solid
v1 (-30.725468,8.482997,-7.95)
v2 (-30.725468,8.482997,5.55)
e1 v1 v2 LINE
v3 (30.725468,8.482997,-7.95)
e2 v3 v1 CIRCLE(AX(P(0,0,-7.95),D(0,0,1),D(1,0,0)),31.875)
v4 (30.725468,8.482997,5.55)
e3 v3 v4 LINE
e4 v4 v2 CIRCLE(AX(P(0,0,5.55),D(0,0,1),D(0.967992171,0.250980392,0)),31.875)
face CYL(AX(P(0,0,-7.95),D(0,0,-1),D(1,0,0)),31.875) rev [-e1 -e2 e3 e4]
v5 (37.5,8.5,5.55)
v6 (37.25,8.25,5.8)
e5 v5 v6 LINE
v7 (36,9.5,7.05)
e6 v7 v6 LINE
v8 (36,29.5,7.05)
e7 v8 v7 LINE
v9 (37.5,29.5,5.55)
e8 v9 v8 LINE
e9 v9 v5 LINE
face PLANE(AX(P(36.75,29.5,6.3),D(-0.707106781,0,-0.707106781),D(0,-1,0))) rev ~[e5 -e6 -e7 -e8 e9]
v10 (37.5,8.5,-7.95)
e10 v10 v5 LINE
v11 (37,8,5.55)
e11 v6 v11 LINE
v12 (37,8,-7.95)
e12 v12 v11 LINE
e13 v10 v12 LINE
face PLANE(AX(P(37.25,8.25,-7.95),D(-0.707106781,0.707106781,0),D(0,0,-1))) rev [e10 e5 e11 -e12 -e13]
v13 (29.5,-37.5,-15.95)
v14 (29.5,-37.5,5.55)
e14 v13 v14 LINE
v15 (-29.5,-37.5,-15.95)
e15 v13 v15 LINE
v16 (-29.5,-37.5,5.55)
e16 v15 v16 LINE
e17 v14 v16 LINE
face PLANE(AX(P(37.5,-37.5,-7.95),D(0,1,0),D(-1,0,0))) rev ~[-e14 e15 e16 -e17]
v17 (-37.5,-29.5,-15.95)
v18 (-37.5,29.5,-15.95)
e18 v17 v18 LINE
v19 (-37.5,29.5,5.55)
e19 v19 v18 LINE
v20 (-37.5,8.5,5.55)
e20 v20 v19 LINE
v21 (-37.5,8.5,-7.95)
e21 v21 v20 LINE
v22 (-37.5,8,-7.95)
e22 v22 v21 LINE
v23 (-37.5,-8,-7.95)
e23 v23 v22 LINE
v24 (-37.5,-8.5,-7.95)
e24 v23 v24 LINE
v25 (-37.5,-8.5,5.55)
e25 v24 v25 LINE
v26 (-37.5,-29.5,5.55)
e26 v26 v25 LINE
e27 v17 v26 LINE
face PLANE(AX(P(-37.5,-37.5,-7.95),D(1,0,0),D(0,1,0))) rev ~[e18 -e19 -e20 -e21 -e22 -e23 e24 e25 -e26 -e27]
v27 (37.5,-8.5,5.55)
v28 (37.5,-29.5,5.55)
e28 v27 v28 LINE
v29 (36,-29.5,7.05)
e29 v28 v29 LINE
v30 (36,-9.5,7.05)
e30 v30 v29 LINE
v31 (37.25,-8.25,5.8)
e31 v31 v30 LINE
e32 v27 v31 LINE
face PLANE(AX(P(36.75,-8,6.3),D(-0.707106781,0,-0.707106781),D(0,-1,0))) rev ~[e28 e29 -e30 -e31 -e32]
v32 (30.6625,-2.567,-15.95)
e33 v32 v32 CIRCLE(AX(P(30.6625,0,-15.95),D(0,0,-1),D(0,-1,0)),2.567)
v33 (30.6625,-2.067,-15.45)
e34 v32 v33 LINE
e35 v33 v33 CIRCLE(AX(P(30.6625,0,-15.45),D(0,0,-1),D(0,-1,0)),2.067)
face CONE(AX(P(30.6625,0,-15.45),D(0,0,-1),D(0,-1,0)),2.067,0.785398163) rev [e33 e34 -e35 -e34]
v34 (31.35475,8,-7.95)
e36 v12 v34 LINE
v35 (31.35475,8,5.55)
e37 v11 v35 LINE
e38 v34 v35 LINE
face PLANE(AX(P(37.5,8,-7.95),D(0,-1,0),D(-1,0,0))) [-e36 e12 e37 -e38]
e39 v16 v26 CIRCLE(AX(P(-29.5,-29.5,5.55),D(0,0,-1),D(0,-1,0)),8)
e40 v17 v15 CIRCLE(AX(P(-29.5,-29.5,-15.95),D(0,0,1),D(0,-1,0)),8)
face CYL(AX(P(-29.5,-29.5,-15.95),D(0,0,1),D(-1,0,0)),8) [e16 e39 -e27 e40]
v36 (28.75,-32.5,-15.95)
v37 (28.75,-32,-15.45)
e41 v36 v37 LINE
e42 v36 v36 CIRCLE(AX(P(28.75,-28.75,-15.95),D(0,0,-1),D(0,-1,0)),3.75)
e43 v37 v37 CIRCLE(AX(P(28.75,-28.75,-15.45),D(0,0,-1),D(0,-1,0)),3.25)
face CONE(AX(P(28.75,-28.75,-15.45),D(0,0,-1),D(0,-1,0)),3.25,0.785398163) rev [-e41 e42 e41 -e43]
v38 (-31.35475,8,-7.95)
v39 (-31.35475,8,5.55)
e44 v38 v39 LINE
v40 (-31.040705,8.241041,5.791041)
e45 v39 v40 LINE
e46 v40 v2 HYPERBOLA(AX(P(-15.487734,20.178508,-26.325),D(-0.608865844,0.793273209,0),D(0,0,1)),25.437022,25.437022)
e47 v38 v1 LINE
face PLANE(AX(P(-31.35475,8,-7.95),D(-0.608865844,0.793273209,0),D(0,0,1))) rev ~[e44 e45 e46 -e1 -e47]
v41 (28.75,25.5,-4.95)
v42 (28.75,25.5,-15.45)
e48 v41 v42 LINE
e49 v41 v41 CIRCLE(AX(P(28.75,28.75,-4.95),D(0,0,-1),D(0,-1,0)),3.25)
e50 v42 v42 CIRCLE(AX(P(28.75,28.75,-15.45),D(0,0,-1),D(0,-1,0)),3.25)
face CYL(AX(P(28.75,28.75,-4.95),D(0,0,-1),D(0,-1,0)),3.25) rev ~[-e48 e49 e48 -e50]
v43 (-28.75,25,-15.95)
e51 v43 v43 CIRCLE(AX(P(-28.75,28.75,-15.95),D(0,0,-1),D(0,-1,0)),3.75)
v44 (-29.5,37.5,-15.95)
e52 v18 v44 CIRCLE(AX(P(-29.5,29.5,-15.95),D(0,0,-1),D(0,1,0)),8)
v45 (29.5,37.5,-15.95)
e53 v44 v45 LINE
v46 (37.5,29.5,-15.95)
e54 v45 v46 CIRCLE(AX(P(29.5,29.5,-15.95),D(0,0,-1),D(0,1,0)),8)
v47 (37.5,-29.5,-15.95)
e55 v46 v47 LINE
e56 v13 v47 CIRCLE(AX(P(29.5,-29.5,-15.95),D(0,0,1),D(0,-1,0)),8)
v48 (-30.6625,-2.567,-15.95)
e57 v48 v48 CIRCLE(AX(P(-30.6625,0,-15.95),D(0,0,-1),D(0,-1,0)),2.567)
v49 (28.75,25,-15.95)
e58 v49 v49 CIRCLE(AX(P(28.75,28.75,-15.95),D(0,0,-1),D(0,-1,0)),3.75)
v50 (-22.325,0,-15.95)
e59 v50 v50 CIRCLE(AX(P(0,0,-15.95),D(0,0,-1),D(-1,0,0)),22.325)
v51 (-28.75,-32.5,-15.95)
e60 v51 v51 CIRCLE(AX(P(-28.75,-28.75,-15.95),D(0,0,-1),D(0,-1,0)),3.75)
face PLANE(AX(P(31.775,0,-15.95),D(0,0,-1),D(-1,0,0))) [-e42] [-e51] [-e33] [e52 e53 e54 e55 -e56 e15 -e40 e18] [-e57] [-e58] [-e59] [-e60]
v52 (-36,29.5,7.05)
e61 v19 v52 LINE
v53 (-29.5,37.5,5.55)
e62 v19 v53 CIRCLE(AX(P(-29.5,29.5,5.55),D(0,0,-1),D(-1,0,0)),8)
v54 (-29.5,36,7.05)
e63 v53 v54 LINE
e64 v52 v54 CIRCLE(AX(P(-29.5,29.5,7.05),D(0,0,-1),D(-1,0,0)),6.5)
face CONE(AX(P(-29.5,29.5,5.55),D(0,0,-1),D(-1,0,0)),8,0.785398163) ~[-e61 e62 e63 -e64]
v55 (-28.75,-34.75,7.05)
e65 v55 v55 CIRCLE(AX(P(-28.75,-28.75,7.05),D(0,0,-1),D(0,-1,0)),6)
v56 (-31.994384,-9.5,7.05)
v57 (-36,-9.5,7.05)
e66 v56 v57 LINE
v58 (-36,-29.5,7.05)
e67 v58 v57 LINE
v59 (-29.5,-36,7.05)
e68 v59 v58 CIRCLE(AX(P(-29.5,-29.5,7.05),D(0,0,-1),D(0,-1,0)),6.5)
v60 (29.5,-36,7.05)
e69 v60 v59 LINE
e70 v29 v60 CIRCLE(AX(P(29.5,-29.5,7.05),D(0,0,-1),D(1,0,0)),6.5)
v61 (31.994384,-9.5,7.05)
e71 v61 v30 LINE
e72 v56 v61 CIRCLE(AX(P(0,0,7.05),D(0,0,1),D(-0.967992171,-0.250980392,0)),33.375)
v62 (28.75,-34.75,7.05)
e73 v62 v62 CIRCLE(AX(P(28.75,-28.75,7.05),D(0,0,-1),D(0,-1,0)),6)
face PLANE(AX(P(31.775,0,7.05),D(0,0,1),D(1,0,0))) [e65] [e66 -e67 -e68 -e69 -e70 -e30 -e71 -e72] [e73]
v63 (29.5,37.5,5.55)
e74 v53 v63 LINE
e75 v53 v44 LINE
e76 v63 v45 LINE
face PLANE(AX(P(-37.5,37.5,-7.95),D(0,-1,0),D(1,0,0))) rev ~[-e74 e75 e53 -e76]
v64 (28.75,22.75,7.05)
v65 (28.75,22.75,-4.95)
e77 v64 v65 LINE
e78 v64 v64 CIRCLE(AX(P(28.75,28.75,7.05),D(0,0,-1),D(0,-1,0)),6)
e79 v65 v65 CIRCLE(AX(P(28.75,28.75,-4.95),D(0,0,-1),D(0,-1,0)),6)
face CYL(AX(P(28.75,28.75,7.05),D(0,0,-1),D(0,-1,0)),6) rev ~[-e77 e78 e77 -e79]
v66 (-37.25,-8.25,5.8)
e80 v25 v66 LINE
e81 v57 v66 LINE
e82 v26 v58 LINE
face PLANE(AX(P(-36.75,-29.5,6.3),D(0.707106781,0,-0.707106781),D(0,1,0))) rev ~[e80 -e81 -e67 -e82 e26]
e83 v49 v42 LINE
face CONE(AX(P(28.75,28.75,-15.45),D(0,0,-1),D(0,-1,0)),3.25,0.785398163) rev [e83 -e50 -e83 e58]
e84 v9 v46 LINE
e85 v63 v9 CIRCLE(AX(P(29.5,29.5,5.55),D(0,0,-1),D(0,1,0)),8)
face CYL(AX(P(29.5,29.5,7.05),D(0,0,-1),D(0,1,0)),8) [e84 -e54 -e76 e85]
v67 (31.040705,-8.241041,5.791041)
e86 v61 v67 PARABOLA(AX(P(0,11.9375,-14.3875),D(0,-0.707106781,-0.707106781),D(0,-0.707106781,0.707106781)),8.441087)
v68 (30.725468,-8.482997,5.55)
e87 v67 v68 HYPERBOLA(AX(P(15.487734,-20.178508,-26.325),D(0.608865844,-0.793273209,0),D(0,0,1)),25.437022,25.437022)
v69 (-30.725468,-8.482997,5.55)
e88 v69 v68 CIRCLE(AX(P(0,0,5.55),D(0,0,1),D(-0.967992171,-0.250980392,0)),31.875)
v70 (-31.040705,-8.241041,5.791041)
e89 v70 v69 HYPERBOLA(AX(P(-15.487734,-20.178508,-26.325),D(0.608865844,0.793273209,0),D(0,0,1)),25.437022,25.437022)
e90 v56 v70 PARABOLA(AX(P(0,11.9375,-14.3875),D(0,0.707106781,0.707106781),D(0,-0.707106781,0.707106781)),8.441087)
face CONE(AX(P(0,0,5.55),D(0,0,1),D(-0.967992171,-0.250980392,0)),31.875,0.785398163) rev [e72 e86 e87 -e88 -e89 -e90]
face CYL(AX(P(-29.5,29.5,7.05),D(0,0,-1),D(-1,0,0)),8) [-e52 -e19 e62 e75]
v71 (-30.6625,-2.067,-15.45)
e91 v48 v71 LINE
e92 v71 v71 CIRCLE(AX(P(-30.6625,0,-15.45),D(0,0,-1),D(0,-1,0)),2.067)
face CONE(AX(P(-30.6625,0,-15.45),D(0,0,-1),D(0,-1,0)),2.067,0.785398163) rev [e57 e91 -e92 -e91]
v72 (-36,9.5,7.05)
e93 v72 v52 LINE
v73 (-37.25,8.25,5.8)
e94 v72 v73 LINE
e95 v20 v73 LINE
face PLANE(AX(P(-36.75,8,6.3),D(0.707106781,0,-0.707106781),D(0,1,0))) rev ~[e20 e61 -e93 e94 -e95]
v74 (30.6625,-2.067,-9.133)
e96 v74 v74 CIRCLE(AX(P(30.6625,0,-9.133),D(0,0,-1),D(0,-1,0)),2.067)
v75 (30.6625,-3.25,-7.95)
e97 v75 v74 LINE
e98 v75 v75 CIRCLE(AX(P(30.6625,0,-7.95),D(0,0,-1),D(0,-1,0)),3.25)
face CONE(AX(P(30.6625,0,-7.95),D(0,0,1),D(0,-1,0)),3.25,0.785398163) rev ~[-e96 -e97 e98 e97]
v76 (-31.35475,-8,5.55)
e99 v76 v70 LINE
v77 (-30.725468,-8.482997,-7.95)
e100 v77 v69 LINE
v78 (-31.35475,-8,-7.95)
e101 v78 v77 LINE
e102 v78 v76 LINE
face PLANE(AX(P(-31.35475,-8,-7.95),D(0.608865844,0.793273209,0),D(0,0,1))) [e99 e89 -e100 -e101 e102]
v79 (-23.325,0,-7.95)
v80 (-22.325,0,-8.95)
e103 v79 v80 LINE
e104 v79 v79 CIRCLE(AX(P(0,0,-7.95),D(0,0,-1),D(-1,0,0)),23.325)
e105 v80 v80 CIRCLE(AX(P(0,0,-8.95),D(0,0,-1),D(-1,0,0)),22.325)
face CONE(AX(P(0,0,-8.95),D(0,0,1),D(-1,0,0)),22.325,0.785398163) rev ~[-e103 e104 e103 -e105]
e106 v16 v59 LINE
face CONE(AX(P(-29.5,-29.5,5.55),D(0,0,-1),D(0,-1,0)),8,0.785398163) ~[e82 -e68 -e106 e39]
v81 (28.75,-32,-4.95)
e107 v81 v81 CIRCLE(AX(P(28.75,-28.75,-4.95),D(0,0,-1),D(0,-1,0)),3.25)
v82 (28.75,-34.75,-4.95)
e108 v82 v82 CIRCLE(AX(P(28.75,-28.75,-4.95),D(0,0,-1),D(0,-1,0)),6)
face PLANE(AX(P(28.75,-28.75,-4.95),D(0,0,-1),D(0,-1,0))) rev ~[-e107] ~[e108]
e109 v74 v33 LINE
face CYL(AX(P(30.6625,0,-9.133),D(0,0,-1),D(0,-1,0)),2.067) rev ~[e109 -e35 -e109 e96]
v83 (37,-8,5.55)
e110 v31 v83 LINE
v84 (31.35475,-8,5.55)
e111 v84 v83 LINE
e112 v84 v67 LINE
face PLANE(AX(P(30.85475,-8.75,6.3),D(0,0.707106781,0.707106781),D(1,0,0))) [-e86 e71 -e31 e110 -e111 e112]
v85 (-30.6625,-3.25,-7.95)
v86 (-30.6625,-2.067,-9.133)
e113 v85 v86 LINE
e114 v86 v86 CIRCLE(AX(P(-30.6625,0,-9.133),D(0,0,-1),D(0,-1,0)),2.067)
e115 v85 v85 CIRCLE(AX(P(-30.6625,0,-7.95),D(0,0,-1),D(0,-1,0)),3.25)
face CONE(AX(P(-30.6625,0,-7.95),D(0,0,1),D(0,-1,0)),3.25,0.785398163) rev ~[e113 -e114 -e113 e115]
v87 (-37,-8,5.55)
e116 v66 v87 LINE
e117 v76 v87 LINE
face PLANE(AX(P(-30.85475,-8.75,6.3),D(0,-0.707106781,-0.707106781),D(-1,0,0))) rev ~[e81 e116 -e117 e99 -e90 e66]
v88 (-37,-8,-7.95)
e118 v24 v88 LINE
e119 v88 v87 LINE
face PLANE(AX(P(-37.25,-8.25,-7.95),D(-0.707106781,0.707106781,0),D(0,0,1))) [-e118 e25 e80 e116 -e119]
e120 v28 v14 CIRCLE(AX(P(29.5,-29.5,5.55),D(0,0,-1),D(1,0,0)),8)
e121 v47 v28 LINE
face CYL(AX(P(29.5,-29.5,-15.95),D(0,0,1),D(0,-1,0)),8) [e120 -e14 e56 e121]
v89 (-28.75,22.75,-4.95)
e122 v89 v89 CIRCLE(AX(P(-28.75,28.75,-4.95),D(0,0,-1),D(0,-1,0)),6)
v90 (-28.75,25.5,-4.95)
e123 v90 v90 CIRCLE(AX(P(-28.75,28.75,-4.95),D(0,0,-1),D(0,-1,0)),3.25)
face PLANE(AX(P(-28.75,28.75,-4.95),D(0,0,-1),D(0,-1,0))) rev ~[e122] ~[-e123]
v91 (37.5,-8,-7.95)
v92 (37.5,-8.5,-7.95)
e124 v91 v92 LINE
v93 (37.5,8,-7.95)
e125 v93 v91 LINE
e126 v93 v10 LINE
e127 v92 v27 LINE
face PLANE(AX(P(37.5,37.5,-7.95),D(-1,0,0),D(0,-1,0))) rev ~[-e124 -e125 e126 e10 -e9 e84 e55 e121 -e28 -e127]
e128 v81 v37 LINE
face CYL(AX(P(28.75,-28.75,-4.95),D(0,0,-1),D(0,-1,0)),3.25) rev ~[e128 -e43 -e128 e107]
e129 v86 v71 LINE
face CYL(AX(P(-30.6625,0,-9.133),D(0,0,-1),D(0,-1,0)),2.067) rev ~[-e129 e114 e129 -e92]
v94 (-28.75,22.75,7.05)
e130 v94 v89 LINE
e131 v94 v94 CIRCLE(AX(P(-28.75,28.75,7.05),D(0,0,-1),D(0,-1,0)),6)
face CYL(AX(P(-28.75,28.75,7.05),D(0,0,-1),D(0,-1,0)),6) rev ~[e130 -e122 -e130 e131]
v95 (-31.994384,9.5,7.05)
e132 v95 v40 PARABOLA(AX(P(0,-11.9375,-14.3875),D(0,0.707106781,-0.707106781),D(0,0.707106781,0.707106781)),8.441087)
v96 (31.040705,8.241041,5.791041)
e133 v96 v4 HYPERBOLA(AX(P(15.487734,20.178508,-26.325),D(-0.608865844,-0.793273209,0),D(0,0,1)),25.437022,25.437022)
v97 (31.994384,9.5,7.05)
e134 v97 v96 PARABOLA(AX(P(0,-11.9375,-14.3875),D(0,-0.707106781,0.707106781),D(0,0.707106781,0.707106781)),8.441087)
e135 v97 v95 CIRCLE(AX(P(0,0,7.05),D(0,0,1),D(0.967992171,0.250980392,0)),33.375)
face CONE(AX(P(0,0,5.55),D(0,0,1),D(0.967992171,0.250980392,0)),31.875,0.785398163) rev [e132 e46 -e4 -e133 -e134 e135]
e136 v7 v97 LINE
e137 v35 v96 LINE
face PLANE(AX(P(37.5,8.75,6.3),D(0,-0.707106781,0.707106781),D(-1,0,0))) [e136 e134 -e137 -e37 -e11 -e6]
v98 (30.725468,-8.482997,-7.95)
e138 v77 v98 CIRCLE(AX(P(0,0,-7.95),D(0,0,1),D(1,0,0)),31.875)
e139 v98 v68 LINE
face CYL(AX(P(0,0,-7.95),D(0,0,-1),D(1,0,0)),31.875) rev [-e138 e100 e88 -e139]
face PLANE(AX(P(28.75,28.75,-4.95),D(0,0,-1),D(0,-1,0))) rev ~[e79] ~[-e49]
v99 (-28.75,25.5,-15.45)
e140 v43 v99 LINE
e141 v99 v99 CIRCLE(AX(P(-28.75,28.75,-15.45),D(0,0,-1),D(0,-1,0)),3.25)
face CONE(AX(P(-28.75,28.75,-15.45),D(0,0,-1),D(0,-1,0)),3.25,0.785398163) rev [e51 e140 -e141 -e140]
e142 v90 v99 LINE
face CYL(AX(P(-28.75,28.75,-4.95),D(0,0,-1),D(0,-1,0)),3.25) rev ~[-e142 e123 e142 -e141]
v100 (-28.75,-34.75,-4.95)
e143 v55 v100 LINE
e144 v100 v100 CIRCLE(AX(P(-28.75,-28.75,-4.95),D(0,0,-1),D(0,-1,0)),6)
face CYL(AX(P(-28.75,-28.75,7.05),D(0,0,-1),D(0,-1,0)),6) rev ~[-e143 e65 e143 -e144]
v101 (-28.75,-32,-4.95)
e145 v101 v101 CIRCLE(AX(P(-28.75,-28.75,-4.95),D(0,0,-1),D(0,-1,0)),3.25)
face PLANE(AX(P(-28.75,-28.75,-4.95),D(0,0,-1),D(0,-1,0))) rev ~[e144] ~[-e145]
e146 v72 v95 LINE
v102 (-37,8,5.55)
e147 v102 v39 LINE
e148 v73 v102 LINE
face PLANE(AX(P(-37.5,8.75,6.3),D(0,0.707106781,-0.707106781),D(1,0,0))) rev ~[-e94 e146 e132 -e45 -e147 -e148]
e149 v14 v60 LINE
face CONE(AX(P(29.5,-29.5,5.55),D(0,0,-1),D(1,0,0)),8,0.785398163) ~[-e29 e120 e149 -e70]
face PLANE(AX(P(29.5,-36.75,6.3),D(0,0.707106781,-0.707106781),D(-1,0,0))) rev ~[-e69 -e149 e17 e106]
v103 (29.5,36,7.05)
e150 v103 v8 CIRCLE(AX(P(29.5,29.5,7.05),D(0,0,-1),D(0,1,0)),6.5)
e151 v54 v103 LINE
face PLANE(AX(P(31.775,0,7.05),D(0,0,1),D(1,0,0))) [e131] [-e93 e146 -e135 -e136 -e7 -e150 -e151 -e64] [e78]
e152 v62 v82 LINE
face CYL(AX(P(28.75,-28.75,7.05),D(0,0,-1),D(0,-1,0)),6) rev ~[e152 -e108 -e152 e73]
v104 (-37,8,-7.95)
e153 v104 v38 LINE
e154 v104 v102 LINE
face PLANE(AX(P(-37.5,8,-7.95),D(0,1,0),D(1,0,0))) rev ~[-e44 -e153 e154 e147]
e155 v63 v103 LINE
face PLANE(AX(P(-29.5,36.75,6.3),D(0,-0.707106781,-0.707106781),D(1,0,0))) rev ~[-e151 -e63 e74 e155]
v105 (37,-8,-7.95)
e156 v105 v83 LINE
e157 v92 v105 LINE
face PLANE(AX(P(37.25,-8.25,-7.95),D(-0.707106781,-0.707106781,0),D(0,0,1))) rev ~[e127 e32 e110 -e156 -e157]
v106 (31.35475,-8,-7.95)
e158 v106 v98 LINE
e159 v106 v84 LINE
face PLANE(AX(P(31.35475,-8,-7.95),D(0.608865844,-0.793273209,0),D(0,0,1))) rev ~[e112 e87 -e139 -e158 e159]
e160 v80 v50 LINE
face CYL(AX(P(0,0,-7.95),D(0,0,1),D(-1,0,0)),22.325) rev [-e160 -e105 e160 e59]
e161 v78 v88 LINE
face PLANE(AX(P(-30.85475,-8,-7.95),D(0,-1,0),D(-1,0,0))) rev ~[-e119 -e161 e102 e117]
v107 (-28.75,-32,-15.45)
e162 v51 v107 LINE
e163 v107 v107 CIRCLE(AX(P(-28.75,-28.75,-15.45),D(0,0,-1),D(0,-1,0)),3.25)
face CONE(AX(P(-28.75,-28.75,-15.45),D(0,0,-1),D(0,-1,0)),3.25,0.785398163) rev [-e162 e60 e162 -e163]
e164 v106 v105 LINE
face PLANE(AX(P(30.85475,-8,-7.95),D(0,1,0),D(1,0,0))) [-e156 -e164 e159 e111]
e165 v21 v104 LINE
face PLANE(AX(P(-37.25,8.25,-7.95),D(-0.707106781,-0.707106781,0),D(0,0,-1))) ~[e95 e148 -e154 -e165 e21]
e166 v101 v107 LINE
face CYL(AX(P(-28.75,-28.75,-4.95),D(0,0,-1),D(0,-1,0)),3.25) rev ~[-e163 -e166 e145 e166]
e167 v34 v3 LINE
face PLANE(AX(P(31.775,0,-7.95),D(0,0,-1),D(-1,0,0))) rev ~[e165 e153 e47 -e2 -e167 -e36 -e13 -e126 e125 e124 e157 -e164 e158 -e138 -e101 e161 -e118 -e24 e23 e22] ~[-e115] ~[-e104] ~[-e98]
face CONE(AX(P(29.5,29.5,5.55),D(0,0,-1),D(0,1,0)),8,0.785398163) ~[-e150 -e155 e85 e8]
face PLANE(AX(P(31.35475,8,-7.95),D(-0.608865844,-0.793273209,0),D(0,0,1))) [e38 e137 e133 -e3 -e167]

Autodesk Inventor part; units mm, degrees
ref_plane "YZ Plane" through (0, 0, 0) normal (1, 0, 0) x (0, 1, 0)
ref_plane "XZ Plane" through (0, 0, 0) normal (0, 1, 0) x (-1, 0, 0)
ref_plane "Work Plane1" through (31.775, 0, -7.95) normal (0, 0, -1) x (-1, 0, 0)
sketch "Sketch1" plane through (31.775, 0, -7.95) normal (0, 0, -1) x (-1, 0, 0)
  line L0 (62.5134, -8.05) -> (55.6, -8.05) construction
  line L1 (55.6, -8.05) -> (55.6, 8.05) construction
  line L2 (55.6, 8.05) -> (62.5134, 8.05) construction
  arc A0 (62.5134, 8.05) -> (1.0366, 8.05) centre (31.775, 0) ccw construction
  line L3 (1.0366, 8.05) -> (7.95, 8.05) construction
  line L4 (7.95, 8.05) -> (7.95, -8.05) construction
  line L5 (7.95, -8.05) -> (1.0366, -8.05) construction
  arc A1 (1.0366, -8.05) -> (62.5134, -8.05) centre (31.775, 0) ccw construction
  circle A2 centre (31.775, 0) radius 22.225 construction
  circle A3 centre (31.775, 0) radius 22.325
  line L6 (69.275, 37.5) -> (-5.725, 37.5)
  line L7 (-5.725, 37.5) -> (-5.725, -37.5)
  line L8 (-5.725, -37.5) -> (69.275, -37.5)
  line L9 (69.275, -37.5) -> (69.275, 37.5)
  line L10 (69.275, 37.5) -> (-5.725, -37.5) construction
  line L11 (-5.725, 37.5) -> (69.275, -37.5) construction
  dimension "d0" = 0.1
  dimension "d1" = 44.65
  dimension "d2" = 75
extrude "Extrusion1" add sketch "Sketch1" along normal blind 8
sketch "Sketch2" plane through (31.775, 0, -7.95) normal (0, 0, 1) x (1, 0, 0)
  line L0 (-62.5134, -8.05) -> (-55.6, -8.05) construction
  line L1 (-55.6, -8.05) -> (-55.6, 8.05) construction
  line L2 (-55.6, 8.05) -> (-62.5134, 8.05) construction
  arc A0 (-1.0366, 8.05) -> (-62.5134, 8.05) centre (-31.775, 0) ccw construction
  line L3 (-1.0366, 8.05) -> (-7.95, 8.05) construction
  line L4 (-7.95, 8.05) -> (-7.95, -8.05) construction
  line L5 (-7.95, -8.05) -> (-1.0366, -8.05) construction
  arc A1 (-62.5134, -8.05) -> (-1.0366, -8.05) centre (-31.775, 0) ccw construction
  circle A2 centre (-31.775, 0) radius 22.225 construction
  line L6 (5.725, 37.5) -> (5.725, -37.5) projected
  line L7 (-69.275, 37.5) -> (5.725, 37.5) projected
  line L8 (-69.275, -37.5) -> (-69.275, 37.5) projected
  line L9 (5.725, -37.5) -> (-69.275, -37.5) projected
  circle A3 centre (-31.775, 0) radius 22.325 construction
  circle A4 centre (-31.775, 0) radius 31.875
  line L10 (-55.6, -8) -> (-69.275, -8)
  line L11 (-69.275, -8) -> (-69.275, 8)
  line L12 (-69.275, 8) -> (-55.6, 8)
  line L13 (-55.6, 8) -> (-55.6, -8)
  line L14 (-84.275, 0) -> (20.725, 0) construction
  line L15 (-31.775, -52.5) -> (-31.775, 52.5) construction
  line L16 (-1.0366, -8.05) -> (-7.95, -8.05) construction
  line L17 (-7.95, -8.05) -> (-7.95, 8.05) construction
  line L18 (-7.95, 8.05) -> (-1.0366, 8.05) construction
  line L19 (-7.95, -8) -> (5.725, -8)
  line L20 (5.725, -8) -> (5.725, 8)
  line L21 (5.725, 8) -> (-7.95, 8)
  line L22 (-7.95, 8) -> (-7.95, -8)
  point P0 (-62.6298, 8)
  point P1 (-62.6298, -8)
  point P2 (-0.9202, 8)
  point P3 (5.725, 8)
  point P4 (5.725, -8)
  point P5 (-0.9202, -8)
  dimension "d7" = 0.1
  dimension "d9" = 0
  dimension "d29" = 0.05
extrude "Extrusion2" add sketch "Sketch2" along normal blind 15 contours L6 L21 A4 L12 L8 L7 | L6 L9 L8 L10 A4 L19
sketch "Sketch3" plane through (31.775, 0, 7.05) normal (0, 0, 1) x (1, 0, 0)
  line L0 (-3.025, -28.75) -> (-60.525, -28.75)
  line L1 (-60.525, -28.75) -> (-60.525, 28.75)
  line L2 (-60.525, 28.75) -> (-3.025, 28.75)
  line L3 (-3.025, 28.75) -> (-3.025, -28.75)
  line L4 (-3.025, -28.75) -> (-60.525, 28.75) construction
  line L5 (-60.525, -28.75) -> (-3.025, 28.75) construction
  point P0 (-31.775, 0)
  dimension "d12" = 57.5
hole "Hole1" at (-28.75, 28.75, 7.05) at (28.75, 28.75, 7.05) at (28.75, -28.75, 7.05) at (-28.75, -28.75, 7.05) direction (0, 0, -1) diameter 6.5 end through all counterbore diameter 12 counterbore depth 12
sketch "Sketch4" plane through (31.775, 0, -7.95) normal (0, 0, 1) x (1, 0, 0)
  circle A0 centre (-31.775, 0) radius 22.325 construction
  line L0 (5.725, 8) -> (-0.9202, 8) construction
  arc A1 (-0.9202, 8) -> (-62.6298, 8) centre (-31.775, 0) ccw construction
  line L1 (-62.6298, 8) -> (-69.275, 8) construction
  line L2 (-69.275, -8) -> (-69.275, 8) construction
  line L3 (-69.275, -8) -> (-62.6298, -8) construction
  arc A2 (-62.6298, -8) -> (-0.9202, -8) centre (-31.775, 0) ccw construction
  line L4 (-0.9202, -8) -> (5.725, -8) construction
  line L5 (5.725, 8) -> (5.725, -8) construction
  line L6 (5.725, 8) -> (-7.95, 8) construction
  line L7 (-7.95, -8) -> (5.725, -8) construction
  line L8 (5.725, -8) -> (5.725, 8) construction
  line L9 (-31.775, 0) -> (-9.45, 0) construction
  line L10 (-9.45, 0) -> (5.725, 0) construction
  line L11 (-1.1125, 8) -> (-1.1125, -8) construction
  line L12 (-0.9202, -8) -> (5.725, -8) construction
  line L13 (-31.775, -52.5) -> (-31.775, 52.5) construction
  line L14 (-7.95, -8) -> (-7.95, 8)
  line L15 (-7.95, 8.05) -> (-7.95, -8.05) projected
  point P0 (-1.1125, 0)
  point P1 (-62.4375, 0)
  dimension "d28" = 0
hole "Hole2" at (30.6625, 0, -7.95) at (-30.6625, 0, -7.95) direction (0, 0, -1) diameter 4.134 end through all countersink diameter 6.5 countersink angle 90 thread size "M5x0.8" class "6H" standard "ISO Metric profile"
fillet "Fillet1" radius 8 4 edges at (-37.5, -37.5, -4.45) (-37.5, 37.5, -4.45) (37.5, 37.5, -4.45) (37.5, -37.5, -4.45)
chamfer "Chamfer1" distance 1.5 angle 45 16 edges at (0, 31.875, 7.05) (0, -31.875, 7.05) (34.1774, 8, 7.05) (-34.1774, 8, 7.05) (-34.1774, -8, 7.05) (-37.5, -18.75, 7.05) (-35.1569, -35.1569, 7.05) (0, -37.5, 7.05) (35.1569, -35.1569, 7.05) (37.5, -18.75, 7.05) (-37.5, 18.75, 7.05) (-35.1569, 35.1569, 7.05) (0, 37.5, 7.05) (35.1569, 35.1569, 7.05) (37.5, 18.75, 7.05) (34.1774, -8, 7.05)
chamfer "Chamfer2" distance 1 angle 45 1 edges at (22.325, 0, -7.95)
chamfer "Chamfer3" distance 0.5 angle 45 6 edges at (30.6625, 2.067, -15.95) (-30.6625, 2.067, -15.95) (28.75, -25.5, -15.95) (-28.75, -25.5, -15.95) (28.75, 32, -15.95) (-28.75, 32, -15.95)
chamfer "Chamfer5" distance 0.5 angle 45 8 edges at (-30.8548, 8, -1.2) (30.8548, 8, -1.2) (-30.8548, -8, -1.2) (30.8548, -8, -1.2) (-37.5, 8, -1.2) (37.5, 8, -1.2) (37.5, -8, -1.2) (-37.5, -8, -1.2)
properties part number "TH1-001" material "Aluminum 6061"
